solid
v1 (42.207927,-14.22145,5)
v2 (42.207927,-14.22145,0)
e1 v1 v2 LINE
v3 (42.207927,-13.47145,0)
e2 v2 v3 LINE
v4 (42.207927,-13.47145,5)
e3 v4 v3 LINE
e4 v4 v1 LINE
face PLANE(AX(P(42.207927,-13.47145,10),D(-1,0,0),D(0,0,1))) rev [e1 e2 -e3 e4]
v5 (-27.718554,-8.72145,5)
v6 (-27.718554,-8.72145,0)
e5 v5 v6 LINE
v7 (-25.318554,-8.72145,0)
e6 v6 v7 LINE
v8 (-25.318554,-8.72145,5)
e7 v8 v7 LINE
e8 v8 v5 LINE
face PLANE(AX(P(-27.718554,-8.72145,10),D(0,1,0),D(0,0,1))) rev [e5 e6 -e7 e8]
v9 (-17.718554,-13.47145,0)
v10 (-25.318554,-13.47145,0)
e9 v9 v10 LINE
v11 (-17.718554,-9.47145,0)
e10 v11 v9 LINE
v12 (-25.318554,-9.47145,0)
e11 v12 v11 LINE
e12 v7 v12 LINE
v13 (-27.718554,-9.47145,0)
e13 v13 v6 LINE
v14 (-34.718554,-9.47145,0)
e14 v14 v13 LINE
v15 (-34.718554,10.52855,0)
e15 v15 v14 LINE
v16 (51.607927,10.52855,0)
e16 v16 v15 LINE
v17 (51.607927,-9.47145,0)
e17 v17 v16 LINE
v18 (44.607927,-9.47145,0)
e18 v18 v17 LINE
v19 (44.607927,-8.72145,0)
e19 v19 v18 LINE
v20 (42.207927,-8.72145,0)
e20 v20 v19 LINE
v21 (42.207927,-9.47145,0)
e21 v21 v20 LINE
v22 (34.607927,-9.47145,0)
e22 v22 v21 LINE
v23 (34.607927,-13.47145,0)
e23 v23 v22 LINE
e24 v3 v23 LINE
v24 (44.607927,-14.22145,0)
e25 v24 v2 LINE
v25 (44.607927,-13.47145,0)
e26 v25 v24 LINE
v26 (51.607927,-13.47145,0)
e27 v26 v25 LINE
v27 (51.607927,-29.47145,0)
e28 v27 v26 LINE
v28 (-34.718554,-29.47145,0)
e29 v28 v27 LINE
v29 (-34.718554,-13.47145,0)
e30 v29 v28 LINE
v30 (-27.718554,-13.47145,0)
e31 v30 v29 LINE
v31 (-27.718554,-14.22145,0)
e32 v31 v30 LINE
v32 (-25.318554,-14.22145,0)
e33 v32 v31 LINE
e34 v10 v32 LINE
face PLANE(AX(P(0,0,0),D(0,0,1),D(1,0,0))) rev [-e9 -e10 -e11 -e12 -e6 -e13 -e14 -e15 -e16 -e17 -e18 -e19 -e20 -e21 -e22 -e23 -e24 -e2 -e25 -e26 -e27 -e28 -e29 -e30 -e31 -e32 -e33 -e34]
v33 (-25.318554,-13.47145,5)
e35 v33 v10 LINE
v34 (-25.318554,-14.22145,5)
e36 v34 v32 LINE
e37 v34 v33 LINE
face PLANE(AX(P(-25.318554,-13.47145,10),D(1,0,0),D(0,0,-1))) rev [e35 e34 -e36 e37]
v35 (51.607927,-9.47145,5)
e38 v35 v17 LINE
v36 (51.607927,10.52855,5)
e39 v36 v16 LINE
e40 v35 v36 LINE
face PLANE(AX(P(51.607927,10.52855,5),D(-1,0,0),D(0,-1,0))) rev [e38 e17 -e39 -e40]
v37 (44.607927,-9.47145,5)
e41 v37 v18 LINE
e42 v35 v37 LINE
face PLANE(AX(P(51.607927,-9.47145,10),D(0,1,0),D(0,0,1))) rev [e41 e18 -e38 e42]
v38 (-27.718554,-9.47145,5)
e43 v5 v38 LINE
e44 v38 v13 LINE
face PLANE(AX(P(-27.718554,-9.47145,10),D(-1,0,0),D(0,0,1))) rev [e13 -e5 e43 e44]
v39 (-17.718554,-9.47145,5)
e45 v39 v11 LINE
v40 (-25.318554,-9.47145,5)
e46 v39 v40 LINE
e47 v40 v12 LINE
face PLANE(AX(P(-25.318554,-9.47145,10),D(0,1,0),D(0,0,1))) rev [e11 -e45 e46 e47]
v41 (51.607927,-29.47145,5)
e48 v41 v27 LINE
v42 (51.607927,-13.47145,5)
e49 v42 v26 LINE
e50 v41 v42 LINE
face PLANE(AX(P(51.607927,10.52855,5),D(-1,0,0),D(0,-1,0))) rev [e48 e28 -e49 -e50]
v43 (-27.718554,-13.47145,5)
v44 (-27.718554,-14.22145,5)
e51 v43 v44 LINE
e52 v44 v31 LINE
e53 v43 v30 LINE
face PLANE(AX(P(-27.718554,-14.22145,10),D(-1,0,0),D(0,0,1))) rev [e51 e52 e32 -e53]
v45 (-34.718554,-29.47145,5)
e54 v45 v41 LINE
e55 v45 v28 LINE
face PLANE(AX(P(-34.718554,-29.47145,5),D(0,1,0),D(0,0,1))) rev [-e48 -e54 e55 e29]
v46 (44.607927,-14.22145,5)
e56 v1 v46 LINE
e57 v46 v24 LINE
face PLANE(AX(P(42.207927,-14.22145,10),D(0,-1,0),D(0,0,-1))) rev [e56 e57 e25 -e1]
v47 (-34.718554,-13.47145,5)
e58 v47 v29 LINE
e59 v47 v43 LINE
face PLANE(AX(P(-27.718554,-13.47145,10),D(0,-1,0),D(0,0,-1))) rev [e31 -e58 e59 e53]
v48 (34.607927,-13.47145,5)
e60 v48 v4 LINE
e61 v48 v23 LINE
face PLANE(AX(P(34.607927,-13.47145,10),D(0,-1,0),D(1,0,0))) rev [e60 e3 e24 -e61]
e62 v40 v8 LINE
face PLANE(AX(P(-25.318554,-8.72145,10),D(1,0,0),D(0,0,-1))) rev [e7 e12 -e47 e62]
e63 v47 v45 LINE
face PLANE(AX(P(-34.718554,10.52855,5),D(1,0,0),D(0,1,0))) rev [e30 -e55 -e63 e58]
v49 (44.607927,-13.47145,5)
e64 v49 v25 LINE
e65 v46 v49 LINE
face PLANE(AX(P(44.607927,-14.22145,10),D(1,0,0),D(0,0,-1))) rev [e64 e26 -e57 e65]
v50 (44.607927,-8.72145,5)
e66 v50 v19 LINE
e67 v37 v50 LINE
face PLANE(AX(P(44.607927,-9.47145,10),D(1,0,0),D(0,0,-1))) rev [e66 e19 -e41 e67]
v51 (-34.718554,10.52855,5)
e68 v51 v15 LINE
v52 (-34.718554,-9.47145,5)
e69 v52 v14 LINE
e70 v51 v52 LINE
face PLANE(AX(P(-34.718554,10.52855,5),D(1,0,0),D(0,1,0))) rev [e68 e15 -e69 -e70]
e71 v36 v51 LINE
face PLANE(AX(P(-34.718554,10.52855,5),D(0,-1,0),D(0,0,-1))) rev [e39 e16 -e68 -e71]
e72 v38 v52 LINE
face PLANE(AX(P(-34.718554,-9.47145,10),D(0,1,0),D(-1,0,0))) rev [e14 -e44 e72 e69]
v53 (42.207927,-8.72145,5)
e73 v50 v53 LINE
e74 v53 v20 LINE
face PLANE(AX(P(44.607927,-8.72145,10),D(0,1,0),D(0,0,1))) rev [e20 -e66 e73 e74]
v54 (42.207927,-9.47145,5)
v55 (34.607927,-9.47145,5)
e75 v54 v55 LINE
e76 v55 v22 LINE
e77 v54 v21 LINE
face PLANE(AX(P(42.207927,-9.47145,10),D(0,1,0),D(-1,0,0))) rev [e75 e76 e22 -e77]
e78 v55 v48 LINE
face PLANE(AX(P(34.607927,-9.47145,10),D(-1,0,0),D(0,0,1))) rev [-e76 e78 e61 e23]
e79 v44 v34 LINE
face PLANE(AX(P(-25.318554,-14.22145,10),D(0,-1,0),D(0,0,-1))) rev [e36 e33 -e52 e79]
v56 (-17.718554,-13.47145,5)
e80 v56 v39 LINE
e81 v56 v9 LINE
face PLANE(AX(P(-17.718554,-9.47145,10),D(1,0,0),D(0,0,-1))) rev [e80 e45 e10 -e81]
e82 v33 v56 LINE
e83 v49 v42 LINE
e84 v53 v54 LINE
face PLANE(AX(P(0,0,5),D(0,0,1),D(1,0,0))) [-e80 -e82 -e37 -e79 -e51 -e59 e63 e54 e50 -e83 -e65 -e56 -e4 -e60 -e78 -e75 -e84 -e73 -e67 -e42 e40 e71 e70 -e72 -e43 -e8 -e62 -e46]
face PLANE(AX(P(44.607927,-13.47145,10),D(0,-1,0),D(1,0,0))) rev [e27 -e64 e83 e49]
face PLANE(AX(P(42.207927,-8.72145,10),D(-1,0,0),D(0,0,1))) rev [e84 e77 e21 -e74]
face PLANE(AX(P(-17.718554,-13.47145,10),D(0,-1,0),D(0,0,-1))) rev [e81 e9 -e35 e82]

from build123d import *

# Parameters (mm, degrees)
SKETCH1_W           = 86.32648043
SKETCH1_H           = 40
BOSS_EXTRUDE1_DEPTH = 5
CUT_EXTRUDE1_DEPTH  = 10


with BuildPart() as part:
    # Sketch1 → Boss-Extrude1 (new body)
    with BuildSketch(Plane.XY):
        with Locations((8.444686318, -9.471450325)):
            Rectangle(SKETCH1_W, SKETCH1_H)
    extrude(amount=BOSS_EXTRUDE1_DEPTH)

    # Sketch2 → Cut-Extrude1 (cut)
    with BuildSketch(Plane(origin=(0, 0, 0), x_dir=(-1, 0, 0), z_dir=(0, 0, -1))):
        Polygon((-51.607926533, -9.471450325), (-44.607926533, -9.471450325), (-44.607926533, -8.721450325), (-42.207926533, -8.721450325), (-42.207926533, -9.471450325), (-34.607926533, -9.471450325), (-34.607926533, -13.471450325), (-42.207926533, -13.471450325), (-42.207926533, -14.221450325), (-44.607926533, -14.221450325), (-44.607926533, -13.471450325), (-51.607926533, -13.471450325), align=None)
        Polygon((34.718553897, -9.471450325), (34.718553897, -13.471450325), (27.718553897, -13.471450325), (27.718553897, -14.221450325), (25.318553897, -14.221450325), (25.318553897, -13.471450325), (17.718553897, -13.471450325), (17.718553897, -9.471450325), (25.318553897, -9.471450325), (25.318553897, -8.721450325), (27.718553897, -8.721450325), (27.718553897, -9.471450325), align=None)
    extrude(amount=-CUT_EXTRUDE1_DEPTH, mode=Mode.SUBTRACT)


solid = part.part
